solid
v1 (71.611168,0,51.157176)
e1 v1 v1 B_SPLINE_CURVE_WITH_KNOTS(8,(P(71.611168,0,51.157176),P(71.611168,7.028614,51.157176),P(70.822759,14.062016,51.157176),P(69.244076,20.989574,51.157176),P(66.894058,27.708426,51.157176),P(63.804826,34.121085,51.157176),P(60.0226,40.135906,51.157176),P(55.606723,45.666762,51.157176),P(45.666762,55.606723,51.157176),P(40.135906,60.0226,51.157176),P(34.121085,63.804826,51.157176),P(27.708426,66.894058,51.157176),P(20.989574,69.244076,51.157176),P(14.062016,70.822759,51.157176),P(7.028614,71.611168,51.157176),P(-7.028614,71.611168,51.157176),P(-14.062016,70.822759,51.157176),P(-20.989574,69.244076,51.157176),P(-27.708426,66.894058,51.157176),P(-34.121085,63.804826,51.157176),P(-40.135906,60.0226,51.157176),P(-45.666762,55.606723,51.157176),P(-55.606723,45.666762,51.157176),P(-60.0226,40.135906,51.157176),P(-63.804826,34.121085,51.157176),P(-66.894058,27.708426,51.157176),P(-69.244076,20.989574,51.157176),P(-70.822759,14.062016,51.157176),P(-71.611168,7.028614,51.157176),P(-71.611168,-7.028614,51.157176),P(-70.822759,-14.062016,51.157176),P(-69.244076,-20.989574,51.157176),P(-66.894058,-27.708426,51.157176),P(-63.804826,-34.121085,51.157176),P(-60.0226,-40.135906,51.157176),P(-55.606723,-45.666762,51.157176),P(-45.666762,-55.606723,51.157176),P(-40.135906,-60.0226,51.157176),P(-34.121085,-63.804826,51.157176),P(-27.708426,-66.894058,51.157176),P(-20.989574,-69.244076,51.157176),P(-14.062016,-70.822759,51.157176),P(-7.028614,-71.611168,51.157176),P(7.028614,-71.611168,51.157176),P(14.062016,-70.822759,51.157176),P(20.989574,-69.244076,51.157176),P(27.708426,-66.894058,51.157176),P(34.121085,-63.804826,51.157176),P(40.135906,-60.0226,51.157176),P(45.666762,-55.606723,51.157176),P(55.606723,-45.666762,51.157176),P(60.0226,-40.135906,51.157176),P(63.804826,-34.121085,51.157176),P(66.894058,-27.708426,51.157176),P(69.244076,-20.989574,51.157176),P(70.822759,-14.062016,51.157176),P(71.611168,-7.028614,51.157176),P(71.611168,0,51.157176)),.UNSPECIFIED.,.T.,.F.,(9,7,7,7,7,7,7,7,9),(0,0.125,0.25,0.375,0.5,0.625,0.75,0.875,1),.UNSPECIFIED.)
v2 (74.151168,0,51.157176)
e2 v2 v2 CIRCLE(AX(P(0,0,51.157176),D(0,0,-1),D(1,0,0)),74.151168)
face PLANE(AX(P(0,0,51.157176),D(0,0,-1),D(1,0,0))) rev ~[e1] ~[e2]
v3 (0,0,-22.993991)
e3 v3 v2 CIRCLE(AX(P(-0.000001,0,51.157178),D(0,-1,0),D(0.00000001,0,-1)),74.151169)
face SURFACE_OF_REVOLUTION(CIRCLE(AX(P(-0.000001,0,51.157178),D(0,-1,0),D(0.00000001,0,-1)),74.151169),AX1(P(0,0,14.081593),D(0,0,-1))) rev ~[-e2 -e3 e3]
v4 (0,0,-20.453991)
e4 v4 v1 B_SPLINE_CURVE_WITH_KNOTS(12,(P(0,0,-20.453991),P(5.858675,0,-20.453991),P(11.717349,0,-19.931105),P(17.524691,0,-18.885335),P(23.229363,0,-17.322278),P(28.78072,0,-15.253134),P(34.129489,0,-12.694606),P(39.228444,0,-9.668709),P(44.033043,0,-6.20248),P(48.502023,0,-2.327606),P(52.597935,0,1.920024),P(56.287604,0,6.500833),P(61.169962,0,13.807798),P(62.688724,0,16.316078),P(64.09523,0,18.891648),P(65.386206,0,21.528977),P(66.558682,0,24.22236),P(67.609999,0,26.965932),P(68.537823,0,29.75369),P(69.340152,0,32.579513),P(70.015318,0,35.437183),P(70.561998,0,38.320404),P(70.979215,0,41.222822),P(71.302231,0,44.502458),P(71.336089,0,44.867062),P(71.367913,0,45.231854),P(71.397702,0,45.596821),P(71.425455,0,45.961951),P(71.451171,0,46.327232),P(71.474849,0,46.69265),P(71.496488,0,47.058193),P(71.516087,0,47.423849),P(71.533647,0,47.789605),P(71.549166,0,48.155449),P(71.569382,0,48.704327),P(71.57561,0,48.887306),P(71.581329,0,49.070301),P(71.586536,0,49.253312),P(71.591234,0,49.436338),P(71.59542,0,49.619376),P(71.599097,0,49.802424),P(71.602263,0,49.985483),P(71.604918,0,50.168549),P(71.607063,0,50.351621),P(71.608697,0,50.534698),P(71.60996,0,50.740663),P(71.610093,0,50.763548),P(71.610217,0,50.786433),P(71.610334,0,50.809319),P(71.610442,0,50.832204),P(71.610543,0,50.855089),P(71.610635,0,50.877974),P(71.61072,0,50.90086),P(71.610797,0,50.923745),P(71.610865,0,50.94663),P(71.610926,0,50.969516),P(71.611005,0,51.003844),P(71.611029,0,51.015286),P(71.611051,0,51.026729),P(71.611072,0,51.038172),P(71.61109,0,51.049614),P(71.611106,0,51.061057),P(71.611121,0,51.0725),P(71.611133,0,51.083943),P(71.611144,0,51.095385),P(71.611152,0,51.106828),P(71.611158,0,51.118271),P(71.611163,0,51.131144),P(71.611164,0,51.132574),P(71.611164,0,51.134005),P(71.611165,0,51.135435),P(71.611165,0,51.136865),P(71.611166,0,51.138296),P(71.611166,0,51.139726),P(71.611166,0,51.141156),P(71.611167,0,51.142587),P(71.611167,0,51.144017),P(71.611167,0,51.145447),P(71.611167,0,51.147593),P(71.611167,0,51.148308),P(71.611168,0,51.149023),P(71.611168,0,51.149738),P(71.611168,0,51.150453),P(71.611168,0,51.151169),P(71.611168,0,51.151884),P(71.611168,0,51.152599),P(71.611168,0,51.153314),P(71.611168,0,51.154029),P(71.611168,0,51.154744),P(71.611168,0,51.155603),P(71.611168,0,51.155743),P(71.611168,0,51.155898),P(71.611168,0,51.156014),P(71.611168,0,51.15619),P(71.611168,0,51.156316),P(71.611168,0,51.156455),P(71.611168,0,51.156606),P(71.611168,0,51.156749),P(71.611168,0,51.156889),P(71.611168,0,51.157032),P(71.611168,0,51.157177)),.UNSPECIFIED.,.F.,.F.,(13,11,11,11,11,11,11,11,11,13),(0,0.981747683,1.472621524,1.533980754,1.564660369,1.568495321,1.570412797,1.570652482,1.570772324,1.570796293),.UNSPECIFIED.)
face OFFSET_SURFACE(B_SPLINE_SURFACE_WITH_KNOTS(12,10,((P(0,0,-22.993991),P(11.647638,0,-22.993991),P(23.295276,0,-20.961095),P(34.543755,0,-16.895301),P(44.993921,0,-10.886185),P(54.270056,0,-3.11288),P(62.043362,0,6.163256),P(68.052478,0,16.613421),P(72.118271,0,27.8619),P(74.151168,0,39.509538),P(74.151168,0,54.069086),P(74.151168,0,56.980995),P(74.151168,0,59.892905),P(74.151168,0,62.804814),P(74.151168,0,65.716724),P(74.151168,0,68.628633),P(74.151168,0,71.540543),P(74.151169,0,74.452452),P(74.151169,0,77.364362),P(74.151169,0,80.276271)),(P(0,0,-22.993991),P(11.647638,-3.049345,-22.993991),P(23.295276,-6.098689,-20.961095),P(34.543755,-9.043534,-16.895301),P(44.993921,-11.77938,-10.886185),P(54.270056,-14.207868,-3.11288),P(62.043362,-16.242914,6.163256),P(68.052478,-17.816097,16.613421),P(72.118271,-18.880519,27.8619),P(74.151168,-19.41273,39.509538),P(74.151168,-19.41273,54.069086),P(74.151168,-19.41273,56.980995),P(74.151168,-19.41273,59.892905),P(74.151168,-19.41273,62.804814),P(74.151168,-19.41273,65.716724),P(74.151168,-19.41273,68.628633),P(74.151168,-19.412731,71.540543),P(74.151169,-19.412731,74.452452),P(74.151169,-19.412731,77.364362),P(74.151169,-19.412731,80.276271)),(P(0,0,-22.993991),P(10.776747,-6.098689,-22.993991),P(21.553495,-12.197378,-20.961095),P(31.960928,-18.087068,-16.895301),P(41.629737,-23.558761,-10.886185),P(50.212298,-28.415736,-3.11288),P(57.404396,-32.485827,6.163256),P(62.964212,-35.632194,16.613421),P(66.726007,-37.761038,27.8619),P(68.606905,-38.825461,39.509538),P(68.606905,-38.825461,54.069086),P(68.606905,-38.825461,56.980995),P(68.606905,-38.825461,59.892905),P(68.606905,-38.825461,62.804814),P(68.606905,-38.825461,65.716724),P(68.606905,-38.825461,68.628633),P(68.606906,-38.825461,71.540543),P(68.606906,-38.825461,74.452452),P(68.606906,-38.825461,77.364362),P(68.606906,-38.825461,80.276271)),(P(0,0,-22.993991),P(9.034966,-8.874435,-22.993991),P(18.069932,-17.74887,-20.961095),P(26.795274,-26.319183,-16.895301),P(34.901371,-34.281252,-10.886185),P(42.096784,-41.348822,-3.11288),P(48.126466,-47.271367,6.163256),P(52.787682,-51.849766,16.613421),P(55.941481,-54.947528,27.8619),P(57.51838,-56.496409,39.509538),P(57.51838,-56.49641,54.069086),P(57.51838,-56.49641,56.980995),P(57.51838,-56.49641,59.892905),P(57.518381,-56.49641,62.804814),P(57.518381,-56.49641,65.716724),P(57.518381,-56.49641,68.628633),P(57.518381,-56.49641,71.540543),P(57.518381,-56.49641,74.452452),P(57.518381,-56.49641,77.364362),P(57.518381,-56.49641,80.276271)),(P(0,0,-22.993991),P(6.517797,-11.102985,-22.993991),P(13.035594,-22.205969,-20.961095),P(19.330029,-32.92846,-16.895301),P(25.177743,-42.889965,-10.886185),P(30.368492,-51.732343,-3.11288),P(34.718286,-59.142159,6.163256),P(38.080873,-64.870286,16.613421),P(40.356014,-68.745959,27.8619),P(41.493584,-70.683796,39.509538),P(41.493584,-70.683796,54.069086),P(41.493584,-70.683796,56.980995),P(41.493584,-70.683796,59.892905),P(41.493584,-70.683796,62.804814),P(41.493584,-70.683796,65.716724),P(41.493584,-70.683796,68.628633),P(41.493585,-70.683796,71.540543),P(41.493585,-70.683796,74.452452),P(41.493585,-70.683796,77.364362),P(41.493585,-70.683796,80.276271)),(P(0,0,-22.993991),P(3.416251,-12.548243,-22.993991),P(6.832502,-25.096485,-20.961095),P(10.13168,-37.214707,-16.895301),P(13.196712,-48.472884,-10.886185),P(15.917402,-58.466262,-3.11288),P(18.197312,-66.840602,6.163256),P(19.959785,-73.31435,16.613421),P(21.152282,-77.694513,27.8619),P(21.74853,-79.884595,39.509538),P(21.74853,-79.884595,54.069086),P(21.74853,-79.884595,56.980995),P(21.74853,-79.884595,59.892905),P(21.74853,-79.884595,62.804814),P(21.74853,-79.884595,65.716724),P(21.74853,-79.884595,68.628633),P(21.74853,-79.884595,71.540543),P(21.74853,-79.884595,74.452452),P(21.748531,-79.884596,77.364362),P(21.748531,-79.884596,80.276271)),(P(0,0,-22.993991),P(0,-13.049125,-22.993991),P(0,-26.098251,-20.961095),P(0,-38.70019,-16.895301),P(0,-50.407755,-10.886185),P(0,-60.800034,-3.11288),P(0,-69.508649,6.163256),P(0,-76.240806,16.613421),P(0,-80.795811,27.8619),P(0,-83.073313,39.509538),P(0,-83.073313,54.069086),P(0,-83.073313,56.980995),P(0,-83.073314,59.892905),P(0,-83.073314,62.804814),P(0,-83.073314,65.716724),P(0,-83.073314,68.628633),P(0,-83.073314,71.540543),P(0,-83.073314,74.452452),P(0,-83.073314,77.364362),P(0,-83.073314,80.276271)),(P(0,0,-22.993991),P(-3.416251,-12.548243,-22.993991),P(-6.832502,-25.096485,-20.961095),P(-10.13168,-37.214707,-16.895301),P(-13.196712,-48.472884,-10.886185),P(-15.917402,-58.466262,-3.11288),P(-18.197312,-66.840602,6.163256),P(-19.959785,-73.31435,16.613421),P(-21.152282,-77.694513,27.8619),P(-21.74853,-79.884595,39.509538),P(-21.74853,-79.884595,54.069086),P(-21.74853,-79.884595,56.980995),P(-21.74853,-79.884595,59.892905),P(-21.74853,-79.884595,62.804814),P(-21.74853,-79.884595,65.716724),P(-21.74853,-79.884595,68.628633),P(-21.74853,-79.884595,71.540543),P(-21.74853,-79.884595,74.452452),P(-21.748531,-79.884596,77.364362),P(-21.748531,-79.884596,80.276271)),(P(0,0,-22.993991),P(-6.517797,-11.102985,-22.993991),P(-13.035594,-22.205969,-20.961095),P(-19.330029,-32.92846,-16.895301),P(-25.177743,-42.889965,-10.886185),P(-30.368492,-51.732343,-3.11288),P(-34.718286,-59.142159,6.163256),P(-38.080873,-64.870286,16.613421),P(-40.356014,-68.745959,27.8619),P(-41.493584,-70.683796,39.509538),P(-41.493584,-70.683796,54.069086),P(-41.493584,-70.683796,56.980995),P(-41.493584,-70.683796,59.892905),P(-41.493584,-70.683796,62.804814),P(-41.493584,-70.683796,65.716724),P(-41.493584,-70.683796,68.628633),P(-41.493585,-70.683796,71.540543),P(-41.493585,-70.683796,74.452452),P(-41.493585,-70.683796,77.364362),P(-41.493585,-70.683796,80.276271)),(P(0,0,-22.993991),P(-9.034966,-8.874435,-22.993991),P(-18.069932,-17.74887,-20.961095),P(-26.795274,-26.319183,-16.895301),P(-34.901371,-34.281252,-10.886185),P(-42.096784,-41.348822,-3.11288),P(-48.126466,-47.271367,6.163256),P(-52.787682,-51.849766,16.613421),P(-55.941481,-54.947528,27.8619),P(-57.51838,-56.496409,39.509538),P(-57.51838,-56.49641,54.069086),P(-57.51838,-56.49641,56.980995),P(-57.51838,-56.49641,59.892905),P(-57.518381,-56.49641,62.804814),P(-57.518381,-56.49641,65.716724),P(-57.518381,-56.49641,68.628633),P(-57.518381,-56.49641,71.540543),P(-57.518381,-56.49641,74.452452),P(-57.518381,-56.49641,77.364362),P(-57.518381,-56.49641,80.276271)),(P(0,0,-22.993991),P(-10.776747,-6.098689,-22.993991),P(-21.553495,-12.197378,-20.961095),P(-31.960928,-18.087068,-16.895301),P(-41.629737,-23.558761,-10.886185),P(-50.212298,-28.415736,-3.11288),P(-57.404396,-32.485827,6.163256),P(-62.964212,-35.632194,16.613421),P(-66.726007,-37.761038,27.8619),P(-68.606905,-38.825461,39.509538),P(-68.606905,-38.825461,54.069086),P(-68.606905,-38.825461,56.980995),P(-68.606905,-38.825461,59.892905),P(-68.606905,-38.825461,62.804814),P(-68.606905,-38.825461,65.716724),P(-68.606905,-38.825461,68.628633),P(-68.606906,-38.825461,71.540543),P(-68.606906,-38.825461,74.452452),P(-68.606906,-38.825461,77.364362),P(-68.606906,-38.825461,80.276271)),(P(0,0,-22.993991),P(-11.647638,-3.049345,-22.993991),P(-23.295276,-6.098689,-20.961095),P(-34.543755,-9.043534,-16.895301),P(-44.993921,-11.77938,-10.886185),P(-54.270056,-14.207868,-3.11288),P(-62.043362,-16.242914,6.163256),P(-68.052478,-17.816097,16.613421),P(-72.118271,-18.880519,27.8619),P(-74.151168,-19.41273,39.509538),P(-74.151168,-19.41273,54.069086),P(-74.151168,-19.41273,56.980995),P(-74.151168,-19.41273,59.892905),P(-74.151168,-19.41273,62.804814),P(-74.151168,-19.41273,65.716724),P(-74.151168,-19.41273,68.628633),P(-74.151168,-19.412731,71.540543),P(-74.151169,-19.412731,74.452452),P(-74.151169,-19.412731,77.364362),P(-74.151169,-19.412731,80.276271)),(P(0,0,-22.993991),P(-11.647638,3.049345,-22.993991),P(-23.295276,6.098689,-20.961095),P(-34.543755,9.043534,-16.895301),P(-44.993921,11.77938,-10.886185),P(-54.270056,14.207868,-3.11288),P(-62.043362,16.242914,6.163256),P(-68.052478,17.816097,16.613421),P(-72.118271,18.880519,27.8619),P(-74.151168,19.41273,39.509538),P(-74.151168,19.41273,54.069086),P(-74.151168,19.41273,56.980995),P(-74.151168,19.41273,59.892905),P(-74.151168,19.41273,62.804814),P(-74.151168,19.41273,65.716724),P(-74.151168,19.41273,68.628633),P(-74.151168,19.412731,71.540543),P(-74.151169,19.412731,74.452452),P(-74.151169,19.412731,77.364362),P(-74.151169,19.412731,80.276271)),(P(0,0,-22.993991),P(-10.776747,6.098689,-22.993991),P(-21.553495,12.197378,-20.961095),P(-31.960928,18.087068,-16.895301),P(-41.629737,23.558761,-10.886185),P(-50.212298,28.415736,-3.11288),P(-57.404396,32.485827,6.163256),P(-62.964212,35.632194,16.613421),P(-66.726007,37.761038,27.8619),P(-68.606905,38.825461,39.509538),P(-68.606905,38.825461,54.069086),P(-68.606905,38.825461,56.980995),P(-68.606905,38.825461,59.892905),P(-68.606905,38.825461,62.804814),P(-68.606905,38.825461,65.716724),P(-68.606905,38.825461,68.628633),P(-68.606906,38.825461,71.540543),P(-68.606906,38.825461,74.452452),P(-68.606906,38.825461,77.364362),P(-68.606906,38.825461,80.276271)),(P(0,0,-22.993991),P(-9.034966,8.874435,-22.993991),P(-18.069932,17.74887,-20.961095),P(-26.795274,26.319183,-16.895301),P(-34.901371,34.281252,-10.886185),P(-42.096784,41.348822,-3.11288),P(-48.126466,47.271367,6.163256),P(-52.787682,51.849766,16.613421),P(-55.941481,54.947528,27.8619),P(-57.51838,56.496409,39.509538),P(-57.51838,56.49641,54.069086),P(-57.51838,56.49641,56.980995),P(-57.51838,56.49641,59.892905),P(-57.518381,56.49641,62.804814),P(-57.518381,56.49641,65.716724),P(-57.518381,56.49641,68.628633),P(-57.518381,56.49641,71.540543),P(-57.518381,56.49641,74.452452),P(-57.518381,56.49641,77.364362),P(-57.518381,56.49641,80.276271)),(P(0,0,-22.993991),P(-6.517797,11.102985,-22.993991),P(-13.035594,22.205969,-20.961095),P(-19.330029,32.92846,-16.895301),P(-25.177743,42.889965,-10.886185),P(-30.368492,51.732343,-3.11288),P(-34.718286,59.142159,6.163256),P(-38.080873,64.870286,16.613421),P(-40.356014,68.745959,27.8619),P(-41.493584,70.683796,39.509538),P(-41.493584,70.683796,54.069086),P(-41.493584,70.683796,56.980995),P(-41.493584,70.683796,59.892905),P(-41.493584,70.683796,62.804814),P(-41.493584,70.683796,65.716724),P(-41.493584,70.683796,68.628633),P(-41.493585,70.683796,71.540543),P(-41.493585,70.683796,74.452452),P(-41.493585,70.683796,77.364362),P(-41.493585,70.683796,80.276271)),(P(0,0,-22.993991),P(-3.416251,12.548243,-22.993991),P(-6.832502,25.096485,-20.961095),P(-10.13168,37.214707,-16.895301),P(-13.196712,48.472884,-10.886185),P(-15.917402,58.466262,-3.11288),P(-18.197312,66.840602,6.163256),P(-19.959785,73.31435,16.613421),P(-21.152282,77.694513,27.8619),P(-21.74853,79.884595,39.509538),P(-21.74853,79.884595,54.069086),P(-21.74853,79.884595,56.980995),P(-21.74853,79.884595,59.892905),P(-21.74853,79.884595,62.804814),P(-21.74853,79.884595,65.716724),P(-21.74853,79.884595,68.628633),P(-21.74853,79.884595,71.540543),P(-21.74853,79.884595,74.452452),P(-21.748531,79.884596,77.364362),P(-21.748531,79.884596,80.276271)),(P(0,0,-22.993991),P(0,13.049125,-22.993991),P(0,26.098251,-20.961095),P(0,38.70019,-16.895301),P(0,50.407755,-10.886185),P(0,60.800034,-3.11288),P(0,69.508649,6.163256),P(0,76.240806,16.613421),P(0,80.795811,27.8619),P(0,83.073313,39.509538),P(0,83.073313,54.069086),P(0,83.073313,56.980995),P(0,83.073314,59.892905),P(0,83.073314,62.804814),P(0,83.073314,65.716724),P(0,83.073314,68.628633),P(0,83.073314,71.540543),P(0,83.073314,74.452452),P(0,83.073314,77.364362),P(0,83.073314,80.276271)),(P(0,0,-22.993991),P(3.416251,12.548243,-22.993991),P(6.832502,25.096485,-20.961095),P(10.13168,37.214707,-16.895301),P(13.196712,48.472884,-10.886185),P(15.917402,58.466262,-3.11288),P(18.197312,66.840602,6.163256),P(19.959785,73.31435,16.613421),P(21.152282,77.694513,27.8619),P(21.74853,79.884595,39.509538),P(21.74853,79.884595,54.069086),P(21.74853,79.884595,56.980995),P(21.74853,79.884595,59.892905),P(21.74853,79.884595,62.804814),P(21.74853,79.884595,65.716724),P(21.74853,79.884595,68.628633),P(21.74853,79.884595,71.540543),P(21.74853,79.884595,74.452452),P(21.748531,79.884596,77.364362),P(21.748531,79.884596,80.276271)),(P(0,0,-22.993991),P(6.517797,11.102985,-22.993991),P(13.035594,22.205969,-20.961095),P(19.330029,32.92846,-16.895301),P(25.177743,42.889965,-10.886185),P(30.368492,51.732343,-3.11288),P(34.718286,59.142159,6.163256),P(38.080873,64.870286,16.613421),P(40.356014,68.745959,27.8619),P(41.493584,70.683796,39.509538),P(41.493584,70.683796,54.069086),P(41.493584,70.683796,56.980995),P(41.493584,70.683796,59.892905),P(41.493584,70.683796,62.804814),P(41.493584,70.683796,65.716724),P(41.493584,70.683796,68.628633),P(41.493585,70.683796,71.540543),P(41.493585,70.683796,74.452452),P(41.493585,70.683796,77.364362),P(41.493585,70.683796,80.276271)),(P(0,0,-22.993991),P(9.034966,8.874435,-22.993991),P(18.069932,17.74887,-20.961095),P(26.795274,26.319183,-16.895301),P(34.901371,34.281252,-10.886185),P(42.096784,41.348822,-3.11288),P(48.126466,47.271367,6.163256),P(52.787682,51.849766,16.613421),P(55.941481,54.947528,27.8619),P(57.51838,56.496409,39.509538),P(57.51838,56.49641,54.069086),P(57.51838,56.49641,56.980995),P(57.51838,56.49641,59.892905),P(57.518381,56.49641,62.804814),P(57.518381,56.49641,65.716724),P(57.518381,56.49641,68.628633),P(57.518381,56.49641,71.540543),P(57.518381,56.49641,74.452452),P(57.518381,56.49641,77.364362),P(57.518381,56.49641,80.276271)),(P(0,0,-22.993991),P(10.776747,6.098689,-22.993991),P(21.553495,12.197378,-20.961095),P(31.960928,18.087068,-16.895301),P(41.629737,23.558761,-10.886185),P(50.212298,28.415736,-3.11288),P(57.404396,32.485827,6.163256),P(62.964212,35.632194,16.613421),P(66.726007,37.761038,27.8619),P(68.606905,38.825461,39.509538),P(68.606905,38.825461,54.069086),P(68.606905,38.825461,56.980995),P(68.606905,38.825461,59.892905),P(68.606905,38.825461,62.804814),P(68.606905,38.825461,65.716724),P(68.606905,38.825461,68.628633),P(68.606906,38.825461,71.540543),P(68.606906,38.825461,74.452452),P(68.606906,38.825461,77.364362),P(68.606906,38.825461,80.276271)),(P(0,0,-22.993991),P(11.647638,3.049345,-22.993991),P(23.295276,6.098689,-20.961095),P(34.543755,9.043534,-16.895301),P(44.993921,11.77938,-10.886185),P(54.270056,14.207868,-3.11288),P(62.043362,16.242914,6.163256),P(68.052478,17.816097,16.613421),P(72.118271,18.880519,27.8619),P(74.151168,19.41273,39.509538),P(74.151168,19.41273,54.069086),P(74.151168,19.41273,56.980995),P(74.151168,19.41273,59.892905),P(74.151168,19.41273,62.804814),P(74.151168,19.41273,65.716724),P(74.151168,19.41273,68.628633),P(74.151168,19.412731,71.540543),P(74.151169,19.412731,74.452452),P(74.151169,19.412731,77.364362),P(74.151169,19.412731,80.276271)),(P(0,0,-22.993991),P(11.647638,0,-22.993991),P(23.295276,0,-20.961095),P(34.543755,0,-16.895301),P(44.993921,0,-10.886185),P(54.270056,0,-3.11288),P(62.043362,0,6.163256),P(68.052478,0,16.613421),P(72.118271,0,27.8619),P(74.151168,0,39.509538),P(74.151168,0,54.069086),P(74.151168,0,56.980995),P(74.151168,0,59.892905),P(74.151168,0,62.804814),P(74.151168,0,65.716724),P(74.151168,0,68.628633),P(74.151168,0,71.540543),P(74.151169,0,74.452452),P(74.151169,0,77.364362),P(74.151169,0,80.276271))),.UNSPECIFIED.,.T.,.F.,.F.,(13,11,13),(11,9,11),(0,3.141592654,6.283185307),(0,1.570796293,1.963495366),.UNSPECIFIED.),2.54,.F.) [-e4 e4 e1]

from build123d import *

# Parameters (mm, degrees)
F2_T = -2.54


with BuildPart() as f1:
    # F0 (on Front) → F1 (revolve)
    with BuildSketch(Plane.XZ):
        with BuildLine():
            Line((74.151168, 51.157176), (0, 51.157176))
            Line((0, 51.157176), (0, -22.993991))
            ThreePointArc((0, -22.993991), (52.432793, -1.275617), (74.151168, 51.157176))
        make_face()
    revolve(axis=Axis((0, 0, 14.081593), (0, 0, -1)))

    # F2
    f2_openings = [f1.faces().sort_by_distance(p)[0] for p in [
        (0, 0, 51.157176),
    ]]
    offset(amount=F2_T, openings=f2_openings)


solid = f1.part
